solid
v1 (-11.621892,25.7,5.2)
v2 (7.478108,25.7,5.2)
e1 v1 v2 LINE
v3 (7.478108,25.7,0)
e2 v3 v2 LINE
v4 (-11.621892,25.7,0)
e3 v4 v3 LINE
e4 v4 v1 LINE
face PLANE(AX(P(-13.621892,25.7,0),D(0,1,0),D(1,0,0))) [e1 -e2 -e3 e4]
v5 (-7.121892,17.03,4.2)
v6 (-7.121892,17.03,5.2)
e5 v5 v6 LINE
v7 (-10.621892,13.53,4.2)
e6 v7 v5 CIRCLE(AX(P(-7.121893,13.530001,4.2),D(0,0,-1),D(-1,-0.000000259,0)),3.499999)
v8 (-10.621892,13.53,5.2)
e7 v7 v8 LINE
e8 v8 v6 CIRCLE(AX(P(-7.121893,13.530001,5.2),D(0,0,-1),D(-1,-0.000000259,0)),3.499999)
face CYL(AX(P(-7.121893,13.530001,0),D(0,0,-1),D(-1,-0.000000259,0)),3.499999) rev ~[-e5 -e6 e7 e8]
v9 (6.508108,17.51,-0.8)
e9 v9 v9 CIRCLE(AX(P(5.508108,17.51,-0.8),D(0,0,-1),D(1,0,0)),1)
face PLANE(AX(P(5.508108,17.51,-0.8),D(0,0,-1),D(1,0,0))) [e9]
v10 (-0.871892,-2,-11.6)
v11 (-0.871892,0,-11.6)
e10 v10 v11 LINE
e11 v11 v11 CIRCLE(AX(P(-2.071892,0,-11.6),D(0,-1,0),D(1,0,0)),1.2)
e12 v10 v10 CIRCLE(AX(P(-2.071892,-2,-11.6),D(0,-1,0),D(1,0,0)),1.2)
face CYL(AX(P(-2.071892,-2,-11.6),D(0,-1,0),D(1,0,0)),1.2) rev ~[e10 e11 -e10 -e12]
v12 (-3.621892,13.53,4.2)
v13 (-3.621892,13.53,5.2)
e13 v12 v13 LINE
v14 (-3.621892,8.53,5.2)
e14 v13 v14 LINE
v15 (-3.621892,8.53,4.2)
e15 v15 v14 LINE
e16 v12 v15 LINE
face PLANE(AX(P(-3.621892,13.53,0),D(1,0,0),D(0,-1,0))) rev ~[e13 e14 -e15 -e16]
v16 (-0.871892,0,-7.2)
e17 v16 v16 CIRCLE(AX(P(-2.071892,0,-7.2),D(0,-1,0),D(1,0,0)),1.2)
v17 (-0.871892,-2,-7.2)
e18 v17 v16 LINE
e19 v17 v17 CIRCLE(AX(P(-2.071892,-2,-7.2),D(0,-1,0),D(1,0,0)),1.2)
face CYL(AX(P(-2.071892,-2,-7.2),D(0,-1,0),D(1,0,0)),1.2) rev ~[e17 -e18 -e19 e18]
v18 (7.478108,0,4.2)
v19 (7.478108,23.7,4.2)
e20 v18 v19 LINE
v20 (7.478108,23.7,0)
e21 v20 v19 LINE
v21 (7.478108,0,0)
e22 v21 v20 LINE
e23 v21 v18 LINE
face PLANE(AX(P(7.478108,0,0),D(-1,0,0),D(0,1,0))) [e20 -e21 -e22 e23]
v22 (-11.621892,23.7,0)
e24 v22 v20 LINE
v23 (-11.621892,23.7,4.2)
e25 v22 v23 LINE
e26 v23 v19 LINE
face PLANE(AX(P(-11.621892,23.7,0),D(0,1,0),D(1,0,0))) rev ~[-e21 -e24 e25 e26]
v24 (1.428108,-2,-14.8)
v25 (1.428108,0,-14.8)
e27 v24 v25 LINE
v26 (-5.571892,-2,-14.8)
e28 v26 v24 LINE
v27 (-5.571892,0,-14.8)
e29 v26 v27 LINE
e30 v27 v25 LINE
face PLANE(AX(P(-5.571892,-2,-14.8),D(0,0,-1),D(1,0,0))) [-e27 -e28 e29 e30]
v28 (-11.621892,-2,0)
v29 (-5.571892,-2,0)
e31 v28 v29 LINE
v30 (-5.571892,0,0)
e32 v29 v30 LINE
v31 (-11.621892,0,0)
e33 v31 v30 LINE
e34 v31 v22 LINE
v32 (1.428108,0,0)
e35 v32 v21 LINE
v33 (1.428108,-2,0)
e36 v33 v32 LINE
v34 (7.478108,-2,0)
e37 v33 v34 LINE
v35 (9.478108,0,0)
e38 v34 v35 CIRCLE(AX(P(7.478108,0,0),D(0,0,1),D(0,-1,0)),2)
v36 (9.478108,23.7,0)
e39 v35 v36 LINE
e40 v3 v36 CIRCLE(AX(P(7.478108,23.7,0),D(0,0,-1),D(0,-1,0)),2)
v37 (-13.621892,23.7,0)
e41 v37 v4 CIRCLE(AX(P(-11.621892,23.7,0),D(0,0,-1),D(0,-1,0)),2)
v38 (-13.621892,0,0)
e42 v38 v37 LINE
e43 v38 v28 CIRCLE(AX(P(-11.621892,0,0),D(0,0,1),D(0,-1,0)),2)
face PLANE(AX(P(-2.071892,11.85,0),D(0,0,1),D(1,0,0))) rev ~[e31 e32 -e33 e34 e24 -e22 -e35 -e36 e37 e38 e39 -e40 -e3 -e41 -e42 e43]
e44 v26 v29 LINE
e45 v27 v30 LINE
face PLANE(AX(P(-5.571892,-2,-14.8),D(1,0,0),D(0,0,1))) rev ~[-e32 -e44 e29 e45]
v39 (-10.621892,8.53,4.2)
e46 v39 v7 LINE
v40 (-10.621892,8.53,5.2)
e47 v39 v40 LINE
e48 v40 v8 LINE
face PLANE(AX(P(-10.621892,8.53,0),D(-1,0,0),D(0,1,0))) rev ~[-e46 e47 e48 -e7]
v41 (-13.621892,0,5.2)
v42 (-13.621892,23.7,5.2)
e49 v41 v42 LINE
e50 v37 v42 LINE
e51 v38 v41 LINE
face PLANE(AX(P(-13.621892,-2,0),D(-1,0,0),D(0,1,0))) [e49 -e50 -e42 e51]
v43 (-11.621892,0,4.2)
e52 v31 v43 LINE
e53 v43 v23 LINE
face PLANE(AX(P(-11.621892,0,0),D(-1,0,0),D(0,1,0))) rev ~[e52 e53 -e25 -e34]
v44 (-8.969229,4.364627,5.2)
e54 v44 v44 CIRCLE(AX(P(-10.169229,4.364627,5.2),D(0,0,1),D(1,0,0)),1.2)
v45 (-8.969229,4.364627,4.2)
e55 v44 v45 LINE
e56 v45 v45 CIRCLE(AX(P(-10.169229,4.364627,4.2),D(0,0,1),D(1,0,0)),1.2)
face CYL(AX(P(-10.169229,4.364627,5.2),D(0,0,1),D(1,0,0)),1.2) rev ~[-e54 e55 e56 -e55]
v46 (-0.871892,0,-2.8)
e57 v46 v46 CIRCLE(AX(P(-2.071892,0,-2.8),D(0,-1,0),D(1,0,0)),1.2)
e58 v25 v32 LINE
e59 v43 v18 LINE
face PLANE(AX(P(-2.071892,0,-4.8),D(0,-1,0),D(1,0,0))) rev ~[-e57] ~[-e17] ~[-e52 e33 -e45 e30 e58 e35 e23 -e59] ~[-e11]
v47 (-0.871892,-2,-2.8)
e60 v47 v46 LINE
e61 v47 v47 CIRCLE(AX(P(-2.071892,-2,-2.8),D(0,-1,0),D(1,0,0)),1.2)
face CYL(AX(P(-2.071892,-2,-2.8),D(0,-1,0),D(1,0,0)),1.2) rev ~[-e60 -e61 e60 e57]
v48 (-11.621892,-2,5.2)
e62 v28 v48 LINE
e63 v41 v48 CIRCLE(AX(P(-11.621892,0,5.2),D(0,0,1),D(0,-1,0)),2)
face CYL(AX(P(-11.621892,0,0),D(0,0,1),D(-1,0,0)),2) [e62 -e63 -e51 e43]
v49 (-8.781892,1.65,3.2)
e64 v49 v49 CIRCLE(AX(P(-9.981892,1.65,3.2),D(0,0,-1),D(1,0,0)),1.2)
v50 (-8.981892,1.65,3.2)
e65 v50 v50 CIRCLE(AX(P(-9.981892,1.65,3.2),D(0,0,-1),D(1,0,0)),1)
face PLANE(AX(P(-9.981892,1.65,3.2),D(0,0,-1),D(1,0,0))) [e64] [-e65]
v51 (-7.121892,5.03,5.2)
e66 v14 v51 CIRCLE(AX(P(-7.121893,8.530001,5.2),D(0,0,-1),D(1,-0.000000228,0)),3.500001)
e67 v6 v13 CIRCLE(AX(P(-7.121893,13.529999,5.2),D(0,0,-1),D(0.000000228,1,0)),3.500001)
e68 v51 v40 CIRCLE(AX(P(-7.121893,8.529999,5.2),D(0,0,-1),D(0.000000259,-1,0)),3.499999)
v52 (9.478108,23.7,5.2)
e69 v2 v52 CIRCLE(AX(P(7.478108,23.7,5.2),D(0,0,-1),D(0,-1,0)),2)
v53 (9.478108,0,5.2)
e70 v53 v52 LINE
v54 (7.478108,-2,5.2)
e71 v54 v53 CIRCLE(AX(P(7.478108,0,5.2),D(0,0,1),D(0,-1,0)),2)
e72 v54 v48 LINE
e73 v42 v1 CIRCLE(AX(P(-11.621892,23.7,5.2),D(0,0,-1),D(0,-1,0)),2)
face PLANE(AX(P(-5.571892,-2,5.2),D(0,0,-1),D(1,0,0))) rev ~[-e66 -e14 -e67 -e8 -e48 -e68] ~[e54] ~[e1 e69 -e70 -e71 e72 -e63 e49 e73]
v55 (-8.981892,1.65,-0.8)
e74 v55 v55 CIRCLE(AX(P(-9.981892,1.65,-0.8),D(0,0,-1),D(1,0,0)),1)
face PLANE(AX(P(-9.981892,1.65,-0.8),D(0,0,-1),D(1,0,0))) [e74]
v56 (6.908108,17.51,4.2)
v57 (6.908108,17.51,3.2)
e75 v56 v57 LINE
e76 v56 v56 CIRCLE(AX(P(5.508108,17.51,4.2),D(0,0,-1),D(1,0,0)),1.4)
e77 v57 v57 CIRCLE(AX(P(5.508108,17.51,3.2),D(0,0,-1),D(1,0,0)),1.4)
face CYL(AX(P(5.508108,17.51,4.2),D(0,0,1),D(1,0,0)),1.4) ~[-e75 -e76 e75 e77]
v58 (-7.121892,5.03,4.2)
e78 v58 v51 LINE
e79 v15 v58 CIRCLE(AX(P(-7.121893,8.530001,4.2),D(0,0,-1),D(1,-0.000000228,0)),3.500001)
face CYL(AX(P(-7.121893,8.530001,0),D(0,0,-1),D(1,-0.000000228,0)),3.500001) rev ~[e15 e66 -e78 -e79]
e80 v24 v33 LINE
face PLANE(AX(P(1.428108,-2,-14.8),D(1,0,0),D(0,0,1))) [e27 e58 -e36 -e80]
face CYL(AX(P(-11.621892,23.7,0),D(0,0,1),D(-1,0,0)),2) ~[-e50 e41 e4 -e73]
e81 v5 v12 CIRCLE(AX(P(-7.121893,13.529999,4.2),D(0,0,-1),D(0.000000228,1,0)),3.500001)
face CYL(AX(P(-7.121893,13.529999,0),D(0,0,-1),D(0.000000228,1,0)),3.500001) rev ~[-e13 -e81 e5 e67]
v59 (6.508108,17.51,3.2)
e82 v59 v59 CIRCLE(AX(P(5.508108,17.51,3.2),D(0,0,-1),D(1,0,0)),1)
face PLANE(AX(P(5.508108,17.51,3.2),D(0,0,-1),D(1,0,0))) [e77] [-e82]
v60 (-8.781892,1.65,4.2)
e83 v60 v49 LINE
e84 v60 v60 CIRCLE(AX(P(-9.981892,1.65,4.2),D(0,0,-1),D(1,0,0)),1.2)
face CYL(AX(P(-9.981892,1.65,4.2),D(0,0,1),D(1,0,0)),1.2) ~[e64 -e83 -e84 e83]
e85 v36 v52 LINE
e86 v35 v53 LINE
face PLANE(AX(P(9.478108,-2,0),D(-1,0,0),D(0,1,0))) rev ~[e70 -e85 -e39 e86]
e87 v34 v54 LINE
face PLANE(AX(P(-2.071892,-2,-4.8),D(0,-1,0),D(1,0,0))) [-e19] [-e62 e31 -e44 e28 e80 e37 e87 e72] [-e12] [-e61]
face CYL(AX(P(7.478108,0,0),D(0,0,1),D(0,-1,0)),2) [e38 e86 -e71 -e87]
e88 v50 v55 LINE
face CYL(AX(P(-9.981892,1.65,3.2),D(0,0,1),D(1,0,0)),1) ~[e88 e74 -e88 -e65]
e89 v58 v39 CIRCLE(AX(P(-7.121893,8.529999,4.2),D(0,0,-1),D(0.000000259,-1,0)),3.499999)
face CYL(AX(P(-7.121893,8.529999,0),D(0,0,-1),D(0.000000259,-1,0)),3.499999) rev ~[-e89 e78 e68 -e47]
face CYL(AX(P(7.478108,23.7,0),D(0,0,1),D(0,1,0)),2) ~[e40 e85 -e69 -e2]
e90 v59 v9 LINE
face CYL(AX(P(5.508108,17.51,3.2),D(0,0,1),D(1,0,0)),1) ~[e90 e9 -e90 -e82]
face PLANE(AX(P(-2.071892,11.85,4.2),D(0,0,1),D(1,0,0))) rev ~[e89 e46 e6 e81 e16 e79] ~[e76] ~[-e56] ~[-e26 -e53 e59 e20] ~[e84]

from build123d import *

# Parameters (mm, degrees)
F0_W      = 23.1
F0_H      = 27.7
F1_DEPTH  = 5.2
F2_W      = 19.1
F2_H      = 23.7
F3_DEPTH  = 4.2
F4_R      = 1.4
F4_R_2    = 1.2
F5_DEPTH  = 1
F6_R      = 1
F7_DEPTH  = 4
F8_W      = 23.1
F8_H      = 27.7
F8_R      = 1.2
F9_DEPTH  = 6.001
F10_R     = 2
F11_W     = 7
F11_H     = 20
F11_R     = 1.2
F12_DEPTH = 2


with BuildPart() as f1:
    # F0 (on Top) → F1 (new body)
    with BuildSketch(Plane.XY):
        with Locations((-2.071892, 11.85)):
            Rectangle(F0_W, F0_H)
        with BuildLine():
            Line((-10.621892, 8.53), (-10.621892, 13.53))
            ThreePointArc((-10.621892, 13.53), (-9.596766, 16.004874), (-7.121892, 17.03))
            ThreePointArc((-7.121892, 17.03), (-4.647019, 16.004874), (-3.621892, 13.53))
            Line((-3.621892, 13.53), (-3.621892, 8.53))
            ThreePointArc((-3.621892, 8.53), (-4.647019, 6.055126), (-7.121892, 5.03))
            ThreePointArc((-7.121892, 5.03), (-9.596766, 6.055126), (-10.621892, 8.53))
        make_face(mode=Mode.SUBTRACT)
    extrude(amount=F1_DEPTH)

    # F2 (on Top) → F3 (cut)
    with BuildSketch(Plane.XY):
        with Locations((-2.071892, 11.85)):
            Rectangle(F2_W, F2_H)
    extrude(amount=F3_DEPTH, mode=Mode.SUBTRACT)

    # F4 (on face) → F5 (join)
    with BuildSketch(Plane(origin=(0, 0, 4.2), x_dir=(1, 0, 0), z_dir=(0, 0, -1))):
        with Locations((5.508108, -17.51)):
            Circle(F4_R)
        with Locations((-9.981892, -1.65)):
            Circle(F4_R_2)
    extrude(amount=F5_DEPTH)

    # F6 (on face) → F7 (join)
    with BuildSketch(Plane(origin=(0, 0, 3.2), x_dir=(1, 0, 0), z_dir=(0, 0, -1))):
        with Locations((-9.981892, -1.65)):
            Circle(F6_R)
        with Locations((5.508108, -17.51)):
            Circle(F6_R)
    extrude(amount=F7_DEPTH)

    # F8 (on face) → F9 (intersect, through all)
    with BuildSketch(Plane.XY.offset(5.2)):
        with Locations((-2.071892, 11.85)):
            Rectangle(F8_W, F8_H)
        with Locations((-10.169229, 4.364627)):
            Circle(F8_R, mode=Mode.SUBTRACT)
        with BuildLine():
            Line((-3.621892, 13.53), (-3.621892, 8.53))
            ThreePointArc((-3.621892, 8.53), (-7.121892, 5.03), (-10.621892, 8.53))
            Line((-10.621892, 8.53), (-10.621892, 13.53))
            ThreePointArc((-10.621892, 13.53), (-7.121892, 17.03), (-3.621892, 13.53))
        make_face(mode=Mode.SUBTRACT)
    extrude(amount=-F9_DEPTH, mode=Mode.INTERSECT)

    # F10
    f10_edges = [f1.edges().sort_by_distance(p)[0] for p in [
        (-13.621892, 25.7, 2.6),
        (-13.621892, -2, 2.6),
        (9.478108, -2, 2.6),
        (9.478108, 25.7, 2.6),
    ]]
    fillet(f10_edges, radius=F10_R)

    # F11 (on face) → F12 (join)
    with BuildSketch(Plane.XZ.offset(2)):
        with Locations((-2.071892, -4.8)):
            Rectangle(F11_W, F11_H)
        with Locations((-2.071892, -7.2)):
            Circle(F11_R, mode=Mode.SUBTRACT)
        with Locations((-2.071892, -11.6)):
            Circle(F11_R, mode=Mode.SUBTRACT)
        with Locations((-2.071892, -2.8)):
            Circle(F11_R, mode=Mode.SUBTRACT)
    extrude(amount=-F12_DEPTH)


solid = f1.part
